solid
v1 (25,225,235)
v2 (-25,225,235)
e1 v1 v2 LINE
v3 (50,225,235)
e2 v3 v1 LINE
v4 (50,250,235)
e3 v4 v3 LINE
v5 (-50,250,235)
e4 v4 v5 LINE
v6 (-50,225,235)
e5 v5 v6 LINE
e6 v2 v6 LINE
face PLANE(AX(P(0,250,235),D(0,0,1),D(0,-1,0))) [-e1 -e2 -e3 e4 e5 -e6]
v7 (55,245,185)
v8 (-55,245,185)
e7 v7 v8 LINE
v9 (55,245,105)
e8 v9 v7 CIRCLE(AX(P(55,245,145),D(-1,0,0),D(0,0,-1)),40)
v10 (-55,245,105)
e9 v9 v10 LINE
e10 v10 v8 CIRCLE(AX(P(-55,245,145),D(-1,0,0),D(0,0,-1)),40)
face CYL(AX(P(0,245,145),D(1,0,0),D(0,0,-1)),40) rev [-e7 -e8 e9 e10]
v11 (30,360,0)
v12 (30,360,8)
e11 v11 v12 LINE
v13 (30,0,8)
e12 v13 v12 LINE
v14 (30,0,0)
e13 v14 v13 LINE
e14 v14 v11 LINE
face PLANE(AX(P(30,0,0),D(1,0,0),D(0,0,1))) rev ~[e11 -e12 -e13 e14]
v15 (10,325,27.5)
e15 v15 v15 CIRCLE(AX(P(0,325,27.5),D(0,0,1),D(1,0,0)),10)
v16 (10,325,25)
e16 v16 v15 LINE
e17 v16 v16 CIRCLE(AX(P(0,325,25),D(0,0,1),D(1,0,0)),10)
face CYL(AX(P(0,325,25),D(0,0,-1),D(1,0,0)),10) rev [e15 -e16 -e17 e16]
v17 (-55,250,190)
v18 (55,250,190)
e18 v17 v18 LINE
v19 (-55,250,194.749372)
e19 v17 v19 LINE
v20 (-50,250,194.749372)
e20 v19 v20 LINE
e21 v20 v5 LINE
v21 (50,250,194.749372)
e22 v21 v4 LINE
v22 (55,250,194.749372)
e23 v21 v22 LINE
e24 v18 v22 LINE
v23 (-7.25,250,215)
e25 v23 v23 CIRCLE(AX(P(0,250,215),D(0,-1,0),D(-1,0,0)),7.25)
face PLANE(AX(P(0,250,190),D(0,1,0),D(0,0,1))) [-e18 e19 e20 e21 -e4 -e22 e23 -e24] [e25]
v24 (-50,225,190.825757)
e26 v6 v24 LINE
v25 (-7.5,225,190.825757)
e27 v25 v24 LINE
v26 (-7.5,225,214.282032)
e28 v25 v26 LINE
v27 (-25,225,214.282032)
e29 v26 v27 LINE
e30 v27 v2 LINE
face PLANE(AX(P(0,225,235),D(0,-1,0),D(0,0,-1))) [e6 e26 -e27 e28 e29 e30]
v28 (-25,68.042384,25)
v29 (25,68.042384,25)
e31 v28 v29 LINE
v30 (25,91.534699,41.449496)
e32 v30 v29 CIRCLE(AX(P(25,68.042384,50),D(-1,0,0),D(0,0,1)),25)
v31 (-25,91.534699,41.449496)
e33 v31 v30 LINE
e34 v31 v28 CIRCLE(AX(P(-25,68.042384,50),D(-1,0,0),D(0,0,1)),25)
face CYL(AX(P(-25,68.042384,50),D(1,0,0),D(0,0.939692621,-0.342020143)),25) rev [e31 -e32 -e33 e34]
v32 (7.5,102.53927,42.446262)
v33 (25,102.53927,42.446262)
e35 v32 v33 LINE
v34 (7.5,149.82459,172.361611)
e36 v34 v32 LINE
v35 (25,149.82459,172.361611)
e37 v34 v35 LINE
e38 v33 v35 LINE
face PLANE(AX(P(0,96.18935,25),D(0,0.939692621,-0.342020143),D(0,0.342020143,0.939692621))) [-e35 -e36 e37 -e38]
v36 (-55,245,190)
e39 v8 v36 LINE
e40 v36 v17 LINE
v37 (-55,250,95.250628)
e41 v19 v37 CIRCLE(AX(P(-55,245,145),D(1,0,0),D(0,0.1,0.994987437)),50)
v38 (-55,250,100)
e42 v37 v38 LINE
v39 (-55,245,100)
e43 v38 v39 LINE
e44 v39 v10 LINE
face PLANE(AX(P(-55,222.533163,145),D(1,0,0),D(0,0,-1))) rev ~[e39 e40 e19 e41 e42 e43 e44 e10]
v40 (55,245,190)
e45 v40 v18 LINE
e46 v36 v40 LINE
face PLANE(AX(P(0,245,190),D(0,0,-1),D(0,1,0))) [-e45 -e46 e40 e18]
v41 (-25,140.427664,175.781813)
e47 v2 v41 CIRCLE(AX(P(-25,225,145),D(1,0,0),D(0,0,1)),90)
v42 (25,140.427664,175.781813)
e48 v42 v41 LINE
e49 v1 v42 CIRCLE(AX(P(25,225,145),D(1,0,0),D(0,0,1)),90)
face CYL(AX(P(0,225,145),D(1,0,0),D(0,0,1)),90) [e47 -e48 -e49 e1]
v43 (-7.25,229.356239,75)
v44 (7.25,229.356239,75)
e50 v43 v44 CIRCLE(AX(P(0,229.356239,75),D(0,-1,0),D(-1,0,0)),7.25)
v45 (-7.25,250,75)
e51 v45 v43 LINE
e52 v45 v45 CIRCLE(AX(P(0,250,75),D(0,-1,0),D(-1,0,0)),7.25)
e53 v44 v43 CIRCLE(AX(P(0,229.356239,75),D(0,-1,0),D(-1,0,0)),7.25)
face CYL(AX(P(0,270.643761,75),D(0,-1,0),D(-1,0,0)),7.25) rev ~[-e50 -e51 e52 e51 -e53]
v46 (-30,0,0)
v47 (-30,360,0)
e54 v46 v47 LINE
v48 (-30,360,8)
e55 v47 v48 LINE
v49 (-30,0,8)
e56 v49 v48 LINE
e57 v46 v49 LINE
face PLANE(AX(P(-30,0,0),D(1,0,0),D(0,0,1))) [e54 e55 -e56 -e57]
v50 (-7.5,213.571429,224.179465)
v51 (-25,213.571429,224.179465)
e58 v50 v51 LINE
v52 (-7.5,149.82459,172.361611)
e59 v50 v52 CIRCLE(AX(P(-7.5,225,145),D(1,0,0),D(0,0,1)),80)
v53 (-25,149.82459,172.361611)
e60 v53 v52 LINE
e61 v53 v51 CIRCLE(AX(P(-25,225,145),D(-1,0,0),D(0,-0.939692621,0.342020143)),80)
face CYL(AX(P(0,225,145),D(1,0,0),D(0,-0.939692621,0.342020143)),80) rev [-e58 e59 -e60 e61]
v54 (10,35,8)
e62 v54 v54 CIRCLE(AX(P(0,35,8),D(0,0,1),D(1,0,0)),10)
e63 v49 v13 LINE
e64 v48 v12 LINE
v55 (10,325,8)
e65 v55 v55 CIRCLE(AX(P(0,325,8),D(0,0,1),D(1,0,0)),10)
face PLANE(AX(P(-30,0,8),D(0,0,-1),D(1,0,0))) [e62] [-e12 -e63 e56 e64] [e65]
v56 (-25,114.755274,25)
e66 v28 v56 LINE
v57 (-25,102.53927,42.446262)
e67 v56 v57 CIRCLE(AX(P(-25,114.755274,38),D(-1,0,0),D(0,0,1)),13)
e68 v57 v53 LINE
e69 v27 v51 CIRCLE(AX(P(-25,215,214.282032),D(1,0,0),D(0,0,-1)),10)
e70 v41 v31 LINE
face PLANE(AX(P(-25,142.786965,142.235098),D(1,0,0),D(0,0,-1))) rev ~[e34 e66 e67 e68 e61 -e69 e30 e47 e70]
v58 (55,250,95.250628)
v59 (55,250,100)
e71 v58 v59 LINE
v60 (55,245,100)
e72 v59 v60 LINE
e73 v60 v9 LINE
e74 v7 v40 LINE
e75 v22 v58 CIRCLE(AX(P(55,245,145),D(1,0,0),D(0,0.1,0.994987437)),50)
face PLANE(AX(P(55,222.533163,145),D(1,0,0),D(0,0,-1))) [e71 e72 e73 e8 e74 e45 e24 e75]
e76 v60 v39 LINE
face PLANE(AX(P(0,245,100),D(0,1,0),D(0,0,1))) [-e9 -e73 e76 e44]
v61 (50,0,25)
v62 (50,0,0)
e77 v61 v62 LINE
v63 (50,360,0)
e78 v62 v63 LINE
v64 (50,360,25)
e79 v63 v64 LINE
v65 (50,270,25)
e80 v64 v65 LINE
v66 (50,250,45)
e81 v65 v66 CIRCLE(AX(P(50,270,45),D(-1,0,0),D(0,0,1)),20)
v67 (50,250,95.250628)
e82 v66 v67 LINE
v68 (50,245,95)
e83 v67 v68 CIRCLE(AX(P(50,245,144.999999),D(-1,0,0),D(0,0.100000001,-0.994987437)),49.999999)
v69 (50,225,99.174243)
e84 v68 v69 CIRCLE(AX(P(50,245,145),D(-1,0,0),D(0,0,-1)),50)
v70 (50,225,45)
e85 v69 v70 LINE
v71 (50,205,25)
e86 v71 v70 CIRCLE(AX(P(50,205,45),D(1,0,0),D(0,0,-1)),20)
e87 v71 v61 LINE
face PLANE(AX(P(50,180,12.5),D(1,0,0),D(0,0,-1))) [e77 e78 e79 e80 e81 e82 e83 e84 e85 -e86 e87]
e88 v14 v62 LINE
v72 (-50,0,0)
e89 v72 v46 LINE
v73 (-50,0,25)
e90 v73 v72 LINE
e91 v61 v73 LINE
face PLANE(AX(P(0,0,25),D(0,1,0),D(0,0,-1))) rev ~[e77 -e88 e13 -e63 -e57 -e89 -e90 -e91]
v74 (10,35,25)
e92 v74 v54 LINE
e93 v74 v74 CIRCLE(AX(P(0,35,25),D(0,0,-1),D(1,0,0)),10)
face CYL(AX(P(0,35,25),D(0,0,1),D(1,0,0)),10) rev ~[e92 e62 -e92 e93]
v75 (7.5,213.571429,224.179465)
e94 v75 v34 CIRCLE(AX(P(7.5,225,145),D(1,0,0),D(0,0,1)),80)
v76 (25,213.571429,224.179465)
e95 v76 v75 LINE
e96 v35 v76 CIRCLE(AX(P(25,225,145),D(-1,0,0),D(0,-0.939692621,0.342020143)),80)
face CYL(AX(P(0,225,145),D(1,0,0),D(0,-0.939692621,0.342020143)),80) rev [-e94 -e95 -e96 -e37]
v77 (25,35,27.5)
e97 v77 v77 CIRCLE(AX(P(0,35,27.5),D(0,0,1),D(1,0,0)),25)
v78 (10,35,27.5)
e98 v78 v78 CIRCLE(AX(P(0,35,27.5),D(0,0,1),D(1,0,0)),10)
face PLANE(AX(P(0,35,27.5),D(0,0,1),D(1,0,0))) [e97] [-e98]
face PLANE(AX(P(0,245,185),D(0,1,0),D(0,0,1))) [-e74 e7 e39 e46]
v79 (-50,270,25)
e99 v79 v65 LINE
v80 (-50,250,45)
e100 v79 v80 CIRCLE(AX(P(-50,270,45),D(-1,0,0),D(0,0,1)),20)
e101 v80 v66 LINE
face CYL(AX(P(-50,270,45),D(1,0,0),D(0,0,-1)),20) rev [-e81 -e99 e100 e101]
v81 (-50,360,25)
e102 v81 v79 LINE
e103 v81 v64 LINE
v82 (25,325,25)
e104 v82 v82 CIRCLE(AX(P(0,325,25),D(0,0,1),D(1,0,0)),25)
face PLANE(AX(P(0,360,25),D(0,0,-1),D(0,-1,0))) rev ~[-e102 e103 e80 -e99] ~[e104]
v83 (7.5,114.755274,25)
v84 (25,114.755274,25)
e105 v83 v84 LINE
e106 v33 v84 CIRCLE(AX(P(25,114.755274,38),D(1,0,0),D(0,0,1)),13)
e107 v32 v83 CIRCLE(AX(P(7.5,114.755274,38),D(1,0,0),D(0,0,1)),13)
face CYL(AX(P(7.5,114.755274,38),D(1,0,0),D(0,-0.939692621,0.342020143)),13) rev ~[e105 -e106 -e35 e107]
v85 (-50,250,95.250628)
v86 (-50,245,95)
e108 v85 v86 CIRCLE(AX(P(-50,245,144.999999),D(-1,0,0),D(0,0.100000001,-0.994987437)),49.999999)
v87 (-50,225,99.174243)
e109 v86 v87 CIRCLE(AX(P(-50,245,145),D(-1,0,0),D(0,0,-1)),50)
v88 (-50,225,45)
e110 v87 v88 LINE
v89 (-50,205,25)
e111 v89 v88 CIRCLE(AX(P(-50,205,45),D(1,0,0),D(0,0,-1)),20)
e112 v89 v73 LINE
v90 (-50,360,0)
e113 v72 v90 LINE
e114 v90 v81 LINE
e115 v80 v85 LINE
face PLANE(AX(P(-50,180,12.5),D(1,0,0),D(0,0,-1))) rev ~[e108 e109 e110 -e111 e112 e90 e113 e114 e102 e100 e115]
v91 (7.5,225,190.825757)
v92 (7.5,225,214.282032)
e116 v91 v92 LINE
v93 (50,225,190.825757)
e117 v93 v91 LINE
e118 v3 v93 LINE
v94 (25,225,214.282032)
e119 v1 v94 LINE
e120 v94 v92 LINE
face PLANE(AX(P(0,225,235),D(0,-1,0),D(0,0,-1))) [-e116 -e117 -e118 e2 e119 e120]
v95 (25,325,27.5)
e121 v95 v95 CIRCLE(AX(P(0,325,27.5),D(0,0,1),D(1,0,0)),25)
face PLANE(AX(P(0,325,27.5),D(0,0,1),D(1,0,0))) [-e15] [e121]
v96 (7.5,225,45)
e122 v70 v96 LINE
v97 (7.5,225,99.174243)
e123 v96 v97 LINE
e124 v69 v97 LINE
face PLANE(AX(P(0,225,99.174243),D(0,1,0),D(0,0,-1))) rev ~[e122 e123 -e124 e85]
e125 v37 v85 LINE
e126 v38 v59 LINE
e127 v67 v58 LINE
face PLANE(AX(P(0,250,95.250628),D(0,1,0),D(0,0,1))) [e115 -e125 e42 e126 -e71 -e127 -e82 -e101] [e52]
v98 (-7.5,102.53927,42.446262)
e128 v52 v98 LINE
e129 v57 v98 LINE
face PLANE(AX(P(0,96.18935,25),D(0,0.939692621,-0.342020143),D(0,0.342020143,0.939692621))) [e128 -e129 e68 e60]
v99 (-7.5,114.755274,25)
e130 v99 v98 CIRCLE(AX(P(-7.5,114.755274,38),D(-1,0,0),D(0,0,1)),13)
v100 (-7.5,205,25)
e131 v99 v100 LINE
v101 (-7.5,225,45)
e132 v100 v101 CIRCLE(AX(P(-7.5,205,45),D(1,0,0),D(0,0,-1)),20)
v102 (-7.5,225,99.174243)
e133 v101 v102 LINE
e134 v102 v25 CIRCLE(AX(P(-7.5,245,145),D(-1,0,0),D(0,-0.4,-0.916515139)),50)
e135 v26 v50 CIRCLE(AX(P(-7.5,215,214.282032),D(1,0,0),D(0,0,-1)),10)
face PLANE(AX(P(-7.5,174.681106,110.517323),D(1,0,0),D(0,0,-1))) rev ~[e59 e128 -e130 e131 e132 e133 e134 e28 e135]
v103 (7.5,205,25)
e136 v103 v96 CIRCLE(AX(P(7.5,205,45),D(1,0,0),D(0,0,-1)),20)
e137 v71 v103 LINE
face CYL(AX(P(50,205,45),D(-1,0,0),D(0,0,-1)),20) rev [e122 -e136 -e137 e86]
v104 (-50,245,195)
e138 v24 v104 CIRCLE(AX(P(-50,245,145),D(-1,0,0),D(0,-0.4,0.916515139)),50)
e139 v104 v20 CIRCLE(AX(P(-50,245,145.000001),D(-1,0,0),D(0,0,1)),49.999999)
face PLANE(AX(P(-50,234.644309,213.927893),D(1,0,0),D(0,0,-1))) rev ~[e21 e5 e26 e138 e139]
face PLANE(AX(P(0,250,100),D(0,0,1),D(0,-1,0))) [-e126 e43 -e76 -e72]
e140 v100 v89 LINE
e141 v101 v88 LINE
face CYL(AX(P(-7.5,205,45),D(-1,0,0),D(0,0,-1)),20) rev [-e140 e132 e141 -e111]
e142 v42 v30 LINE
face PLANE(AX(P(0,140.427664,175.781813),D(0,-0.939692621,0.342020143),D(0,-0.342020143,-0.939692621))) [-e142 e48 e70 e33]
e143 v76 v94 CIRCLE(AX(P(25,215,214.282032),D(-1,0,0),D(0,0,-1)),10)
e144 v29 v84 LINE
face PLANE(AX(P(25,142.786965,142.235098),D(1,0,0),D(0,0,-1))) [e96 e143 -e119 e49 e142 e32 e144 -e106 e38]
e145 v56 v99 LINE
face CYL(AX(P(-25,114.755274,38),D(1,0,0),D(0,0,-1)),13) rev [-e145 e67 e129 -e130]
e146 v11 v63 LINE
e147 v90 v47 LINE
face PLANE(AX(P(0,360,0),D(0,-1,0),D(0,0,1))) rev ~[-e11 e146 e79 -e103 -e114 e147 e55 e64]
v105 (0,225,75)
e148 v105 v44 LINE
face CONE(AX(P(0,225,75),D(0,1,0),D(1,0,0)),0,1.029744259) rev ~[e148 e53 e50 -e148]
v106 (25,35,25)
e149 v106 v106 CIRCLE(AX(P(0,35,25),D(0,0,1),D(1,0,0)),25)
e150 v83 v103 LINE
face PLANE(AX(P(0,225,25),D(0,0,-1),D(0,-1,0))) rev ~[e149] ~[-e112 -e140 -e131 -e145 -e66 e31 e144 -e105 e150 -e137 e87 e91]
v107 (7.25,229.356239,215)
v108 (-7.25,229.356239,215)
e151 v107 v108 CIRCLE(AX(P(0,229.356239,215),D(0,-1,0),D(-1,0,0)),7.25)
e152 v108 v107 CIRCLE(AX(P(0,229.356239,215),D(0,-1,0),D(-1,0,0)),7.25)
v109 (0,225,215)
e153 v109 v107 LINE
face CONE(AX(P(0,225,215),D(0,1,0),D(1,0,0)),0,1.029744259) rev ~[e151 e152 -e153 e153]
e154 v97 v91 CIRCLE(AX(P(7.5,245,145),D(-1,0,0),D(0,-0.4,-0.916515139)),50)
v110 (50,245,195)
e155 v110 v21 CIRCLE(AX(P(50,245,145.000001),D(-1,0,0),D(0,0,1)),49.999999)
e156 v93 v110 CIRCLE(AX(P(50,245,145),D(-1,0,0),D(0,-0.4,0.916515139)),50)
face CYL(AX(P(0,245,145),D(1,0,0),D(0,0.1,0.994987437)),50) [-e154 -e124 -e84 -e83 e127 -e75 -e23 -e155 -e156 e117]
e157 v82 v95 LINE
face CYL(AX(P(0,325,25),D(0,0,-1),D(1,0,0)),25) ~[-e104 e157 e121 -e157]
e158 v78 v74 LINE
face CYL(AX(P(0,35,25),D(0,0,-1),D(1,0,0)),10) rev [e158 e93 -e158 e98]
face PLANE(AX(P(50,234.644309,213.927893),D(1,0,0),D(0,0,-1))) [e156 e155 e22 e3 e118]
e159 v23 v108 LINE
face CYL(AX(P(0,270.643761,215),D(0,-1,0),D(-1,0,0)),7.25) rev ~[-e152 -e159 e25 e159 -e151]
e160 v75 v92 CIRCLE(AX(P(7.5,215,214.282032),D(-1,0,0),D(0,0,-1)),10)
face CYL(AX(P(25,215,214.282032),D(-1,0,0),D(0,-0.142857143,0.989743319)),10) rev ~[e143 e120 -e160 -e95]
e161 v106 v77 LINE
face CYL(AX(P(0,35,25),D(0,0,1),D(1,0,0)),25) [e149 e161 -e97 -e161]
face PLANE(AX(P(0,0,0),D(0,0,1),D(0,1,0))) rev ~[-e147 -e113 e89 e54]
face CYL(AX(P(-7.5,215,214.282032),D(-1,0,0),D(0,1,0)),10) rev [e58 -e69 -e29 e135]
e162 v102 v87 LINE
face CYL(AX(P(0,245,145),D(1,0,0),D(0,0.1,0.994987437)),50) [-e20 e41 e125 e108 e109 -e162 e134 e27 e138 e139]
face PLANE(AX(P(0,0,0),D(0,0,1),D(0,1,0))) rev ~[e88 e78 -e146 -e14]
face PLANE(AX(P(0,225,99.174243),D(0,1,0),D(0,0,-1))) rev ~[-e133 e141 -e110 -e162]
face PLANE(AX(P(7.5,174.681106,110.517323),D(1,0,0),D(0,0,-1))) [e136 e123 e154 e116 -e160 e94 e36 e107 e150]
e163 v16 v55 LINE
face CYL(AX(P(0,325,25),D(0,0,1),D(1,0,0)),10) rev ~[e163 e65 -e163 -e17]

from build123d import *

# Parameters (mm, degrees)
BOSS_EXTRUDE1_DEPTH        = 50
BOSS_EXTRUDE1_2_DEPTH      = 50
BOSS_EXTRUDE3_DEPTH        = 55
BOSS_EXTRUDE4_DEPTH        = 25
BOSS_EXTRUDE5_DEPTH        = 7.5
M16X1_5_TAPPED_HOLE1_D     = 14.5
M16X1_5_TAPPED_HOLE1_DEPTH = 20.643760512
M16X1_5_TAPPED_HOLE1_TIP   = 4.356239488
SKETCH7_R                  = 25
SKETCH7_R_2                = 10
BOSS_EXTRUDE6_DEPTH        = 2.5
SKETCH7_2_R                = 10
CUT_EXTRUDE1_DEPTH         = 421.386726717
SKETCH8_W                  = 60
SKETCH8_H                  = 8
CUT_EXTRUDE2_DEPTH         = 434.416658655
FILLET1_R                  = 20
FILLET2_R                  = 10
FILLET3_R                  = 10
FILLET4_R                  = 13
FILLET5_R                  = 25


with BuildPart() as part:
    # Sketch2 → Boss-Extrude1 (new, symmetric)
    with BuildSketch(Plane(origin=(0, 0, 0), x_dir=(0, 0, -1), z_dir=(1, 0, 0))):
        with BuildLine():
            ThreePointArc((-190.82575695, 225), (-194.395357186, 237.247665611), (-194.749371855, 250))
            Line((-194.749371855, 250), (-235, 250))
            Line((-235, 250), (-235, 225))
            Line((-235, 225), (-190.82575695, 225))
        make_face()
    extrude(amount=BOSS_EXTRUDE1_DEPTH, both=True)



with BuildPart() as body_2:
    # Sketch2 → Boss-Extrude1 2 (new, symmetric)
    with BuildSketch(Plane(origin=(0, 0, 0), x_dir=(0, 0, -1), z_dir=(1, 0, 0))):
        with BuildLine():
            Line((-99.17424305, 225), (-25, 225))
            Line((-25, 225), (-25, 0))
            Line((-25, 0), (0, 0))
            Line((0, 0), (0, 360))
            Line((0, 360), (-25, 360))
            Line((-25, 360), (-25, 250))
            Line((-25, 250), (-95.250628145, 250))
            ThreePointArc((-95.250628145, 250), (-95.604642814, 237.247665611), (-99.17424305, 225))
        make_face()
    extrude(amount=BOSS_EXTRUDE1_2_DEPTH, both=True)


with BuildPart() as part_1:
    add(part.part)

    add(body_2.part)  # Boss-Extrude3 merges body 2
    # Sketch2<3> → Boss-Extrude3 (add, symmetric)
    with BuildSketch(Plane(origin=(0, 0, 0), x_dir=(0, 0, -1), z_dir=(1, 0, 0))):
        with BuildLine():
            Line((-185, 245), (-190, 245))
            Line((-190, 245), (-190, 250))
            Line((-190, 250), (-194.749371855, 250))
            ThreePointArc((-194.749371855, 250), (-145, 195), (-95.250628145, 250))
            Line((-95.250628145, 250), (-100, 250))
            Line((-100, 250), (-100, 245))
            Line((-100, 245), (-105, 245))
            ThreePointArc((-105, 245), (-145, 205), (-185, 245))
        make_face()
    extrude(amount=BOSS_EXTRUDE3_DEPTH, both=True)

    # Sketch4 → Boss-Extrude4 (add, symmetric)
    with BuildSketch(Plane(origin=(0, 0, 0), x_dir=(0, 0, -1), z_dir=(1, 0, 0))):
        with BuildLine():
            Line((-175.781812899, 140.427664129), (-25, 85.547572365))
            Line((-25, 85.547572365), (-25, 96.18935009))
            Line((-25, 96.18935009), (-172.361611466, 149.824590337))
            ThreePointArc((-172.361611466, 149.824590337), (-210.532163543, 179.113885092), (-225, 225))
            Line((-225, 225), (-235, 225))
            ThreePointArc((-235, 225), (-218.723683986, 173.378120728), (-175.781812899, 140.427664129))
        make_face()
    extrude(amount=BOSS_EXTRUDE4_DEPTH, both=True)

    # Sketch4<3> → Boss-Extrude5 (add, symmetric)
    with BuildSketch(Plane(origin=(0, 0, 0), x_dir=(0, 0, -1), z_dir=(1, 0, 0))):
        with BuildLine():
            Line((-172.361611466, 149.824590337), (-25, 96.18935009))
            Line((-25, 96.18935009), (-25, 225))
            Line((-25, 225), (-99.17424305, 225))
            ThreePointArc((-99.17424305, 225), (-145, 195), (-190.82575695, 225))
            Line((-190.82575695, 225), (-225, 225))
            ThreePointArc((-225, 225), (-210.532163543, 179.113885092), (-172.361611466, 149.824590337))
        make_face()
    extrude(amount=BOSS_EXTRUDE5_DEPTH, both=True)

    # M16x1.5 Tapped Hole1
    with Locations(Plane(origin=(0, 250, 0), x_dir=(1, 0, 0), z_dir=(0, 1, 0))):
        with Locations((0, -215), (0, -75)):
            Hole(M16X1_5_TAPPED_HOLE1_D / 2, depth=M16X1_5_TAPPED_HOLE1_DEPTH)
            with Locations((0, 0, -(M16X1_5_TAPPED_HOLE1_DEPTH + M16X1_5_TAPPED_HOLE1_TIP / 2))):  # 118° drill point
                Cone(0, M16X1_5_TAPPED_HOLE1_D / 2, M16X1_5_TAPPED_HOLE1_TIP, mode=Mode.SUBTRACT)

    # Sketch7 → Boss-Extrude6 (add, symmetric)
    # profile 1 of 2: a face of its own
    with BuildSketch(Plane.XY.offset(25)):
        with Locations((0, 325)):
            Circle(SKETCH7_R)
        with Locations((0, 325)):
            Circle(SKETCH7_R_2, mode=Mode.SUBTRACT)
    # profile 2 of 2: a face of its own
    with BuildSketch(Plane.XY.offset(25)):
        with Locations((0, 35)):
            Circle(SKETCH7_R)
        with Locations((0, 35)):
            Circle(SKETCH7_R_2, mode=Mode.SUBTRACT)
    extrude(amount=BOSS_EXTRUDE6_DEPTH, both=True)

    # Sketch7<2> → Cut-Extrude1 (cut, through all)
    with BuildSketch(Plane.XY.offset(25)):
        with Locations((0, 325)):
            Circle(SKETCH7_2_R)
        with Locations((0, 35)):
            Circle(SKETCH7_2_R)
    extrude(amount=-CUT_EXTRUDE1_DEPTH, mode=Mode.SUBTRACT)

    # Sketch8 → Cut-Extrude2 (cut, through all)
    with BuildSketch(Plane.XZ):
        with Locations((0, 4)):
            Rectangle(SKETCH8_W, SKETCH8_H)
    extrude(amount=-CUT_EXTRUDE2_DEPTH, mode=Mode.SUBTRACT)

    # Fillet1
    fillet1_edges = [part_1.edges().sort_by_distance(p)[0] for p in [
        (-28.75, 225, 25),
        (28.75, 225, 25),
        (0, 250, 25),
    ]]
    fillet(fillet1_edges, radius=FILLET1_R)

    # Fillet2
    fillet2_edges = [part_1.edges().sort_by_distance(p)[0] for p in [
        (16.25, 225, 225),
    ]]
    fillet(fillet2_edges, radius=FILLET2_R)

    # Fillet3
    fillet3_edges = [part_1.edges().sort_by_distance(p)[0] for p in [
        (-16.25, 225, 225),
    ]]
    fillet(fillet3_edges, radius=FILLET3_R)

    # Fillet4
    fillet4_edges = [part_1.edges().sort_by_distance(p)[0] for p in [
        (16.25, 96.18935009, 25),
        (-16.25, 96.18935009, 25),
    ]]
    fillet(fillet4_edges, radius=FILLET4_R)

    # Fillet5
    fillet5_edges = [part_1.edges().sort_by_distance(p)[0] for p in [
        (0, 85.547572365, 25),
    ]]
    fillet(fillet5_edges, radius=FILLET5_R)


solid = part_1.part
